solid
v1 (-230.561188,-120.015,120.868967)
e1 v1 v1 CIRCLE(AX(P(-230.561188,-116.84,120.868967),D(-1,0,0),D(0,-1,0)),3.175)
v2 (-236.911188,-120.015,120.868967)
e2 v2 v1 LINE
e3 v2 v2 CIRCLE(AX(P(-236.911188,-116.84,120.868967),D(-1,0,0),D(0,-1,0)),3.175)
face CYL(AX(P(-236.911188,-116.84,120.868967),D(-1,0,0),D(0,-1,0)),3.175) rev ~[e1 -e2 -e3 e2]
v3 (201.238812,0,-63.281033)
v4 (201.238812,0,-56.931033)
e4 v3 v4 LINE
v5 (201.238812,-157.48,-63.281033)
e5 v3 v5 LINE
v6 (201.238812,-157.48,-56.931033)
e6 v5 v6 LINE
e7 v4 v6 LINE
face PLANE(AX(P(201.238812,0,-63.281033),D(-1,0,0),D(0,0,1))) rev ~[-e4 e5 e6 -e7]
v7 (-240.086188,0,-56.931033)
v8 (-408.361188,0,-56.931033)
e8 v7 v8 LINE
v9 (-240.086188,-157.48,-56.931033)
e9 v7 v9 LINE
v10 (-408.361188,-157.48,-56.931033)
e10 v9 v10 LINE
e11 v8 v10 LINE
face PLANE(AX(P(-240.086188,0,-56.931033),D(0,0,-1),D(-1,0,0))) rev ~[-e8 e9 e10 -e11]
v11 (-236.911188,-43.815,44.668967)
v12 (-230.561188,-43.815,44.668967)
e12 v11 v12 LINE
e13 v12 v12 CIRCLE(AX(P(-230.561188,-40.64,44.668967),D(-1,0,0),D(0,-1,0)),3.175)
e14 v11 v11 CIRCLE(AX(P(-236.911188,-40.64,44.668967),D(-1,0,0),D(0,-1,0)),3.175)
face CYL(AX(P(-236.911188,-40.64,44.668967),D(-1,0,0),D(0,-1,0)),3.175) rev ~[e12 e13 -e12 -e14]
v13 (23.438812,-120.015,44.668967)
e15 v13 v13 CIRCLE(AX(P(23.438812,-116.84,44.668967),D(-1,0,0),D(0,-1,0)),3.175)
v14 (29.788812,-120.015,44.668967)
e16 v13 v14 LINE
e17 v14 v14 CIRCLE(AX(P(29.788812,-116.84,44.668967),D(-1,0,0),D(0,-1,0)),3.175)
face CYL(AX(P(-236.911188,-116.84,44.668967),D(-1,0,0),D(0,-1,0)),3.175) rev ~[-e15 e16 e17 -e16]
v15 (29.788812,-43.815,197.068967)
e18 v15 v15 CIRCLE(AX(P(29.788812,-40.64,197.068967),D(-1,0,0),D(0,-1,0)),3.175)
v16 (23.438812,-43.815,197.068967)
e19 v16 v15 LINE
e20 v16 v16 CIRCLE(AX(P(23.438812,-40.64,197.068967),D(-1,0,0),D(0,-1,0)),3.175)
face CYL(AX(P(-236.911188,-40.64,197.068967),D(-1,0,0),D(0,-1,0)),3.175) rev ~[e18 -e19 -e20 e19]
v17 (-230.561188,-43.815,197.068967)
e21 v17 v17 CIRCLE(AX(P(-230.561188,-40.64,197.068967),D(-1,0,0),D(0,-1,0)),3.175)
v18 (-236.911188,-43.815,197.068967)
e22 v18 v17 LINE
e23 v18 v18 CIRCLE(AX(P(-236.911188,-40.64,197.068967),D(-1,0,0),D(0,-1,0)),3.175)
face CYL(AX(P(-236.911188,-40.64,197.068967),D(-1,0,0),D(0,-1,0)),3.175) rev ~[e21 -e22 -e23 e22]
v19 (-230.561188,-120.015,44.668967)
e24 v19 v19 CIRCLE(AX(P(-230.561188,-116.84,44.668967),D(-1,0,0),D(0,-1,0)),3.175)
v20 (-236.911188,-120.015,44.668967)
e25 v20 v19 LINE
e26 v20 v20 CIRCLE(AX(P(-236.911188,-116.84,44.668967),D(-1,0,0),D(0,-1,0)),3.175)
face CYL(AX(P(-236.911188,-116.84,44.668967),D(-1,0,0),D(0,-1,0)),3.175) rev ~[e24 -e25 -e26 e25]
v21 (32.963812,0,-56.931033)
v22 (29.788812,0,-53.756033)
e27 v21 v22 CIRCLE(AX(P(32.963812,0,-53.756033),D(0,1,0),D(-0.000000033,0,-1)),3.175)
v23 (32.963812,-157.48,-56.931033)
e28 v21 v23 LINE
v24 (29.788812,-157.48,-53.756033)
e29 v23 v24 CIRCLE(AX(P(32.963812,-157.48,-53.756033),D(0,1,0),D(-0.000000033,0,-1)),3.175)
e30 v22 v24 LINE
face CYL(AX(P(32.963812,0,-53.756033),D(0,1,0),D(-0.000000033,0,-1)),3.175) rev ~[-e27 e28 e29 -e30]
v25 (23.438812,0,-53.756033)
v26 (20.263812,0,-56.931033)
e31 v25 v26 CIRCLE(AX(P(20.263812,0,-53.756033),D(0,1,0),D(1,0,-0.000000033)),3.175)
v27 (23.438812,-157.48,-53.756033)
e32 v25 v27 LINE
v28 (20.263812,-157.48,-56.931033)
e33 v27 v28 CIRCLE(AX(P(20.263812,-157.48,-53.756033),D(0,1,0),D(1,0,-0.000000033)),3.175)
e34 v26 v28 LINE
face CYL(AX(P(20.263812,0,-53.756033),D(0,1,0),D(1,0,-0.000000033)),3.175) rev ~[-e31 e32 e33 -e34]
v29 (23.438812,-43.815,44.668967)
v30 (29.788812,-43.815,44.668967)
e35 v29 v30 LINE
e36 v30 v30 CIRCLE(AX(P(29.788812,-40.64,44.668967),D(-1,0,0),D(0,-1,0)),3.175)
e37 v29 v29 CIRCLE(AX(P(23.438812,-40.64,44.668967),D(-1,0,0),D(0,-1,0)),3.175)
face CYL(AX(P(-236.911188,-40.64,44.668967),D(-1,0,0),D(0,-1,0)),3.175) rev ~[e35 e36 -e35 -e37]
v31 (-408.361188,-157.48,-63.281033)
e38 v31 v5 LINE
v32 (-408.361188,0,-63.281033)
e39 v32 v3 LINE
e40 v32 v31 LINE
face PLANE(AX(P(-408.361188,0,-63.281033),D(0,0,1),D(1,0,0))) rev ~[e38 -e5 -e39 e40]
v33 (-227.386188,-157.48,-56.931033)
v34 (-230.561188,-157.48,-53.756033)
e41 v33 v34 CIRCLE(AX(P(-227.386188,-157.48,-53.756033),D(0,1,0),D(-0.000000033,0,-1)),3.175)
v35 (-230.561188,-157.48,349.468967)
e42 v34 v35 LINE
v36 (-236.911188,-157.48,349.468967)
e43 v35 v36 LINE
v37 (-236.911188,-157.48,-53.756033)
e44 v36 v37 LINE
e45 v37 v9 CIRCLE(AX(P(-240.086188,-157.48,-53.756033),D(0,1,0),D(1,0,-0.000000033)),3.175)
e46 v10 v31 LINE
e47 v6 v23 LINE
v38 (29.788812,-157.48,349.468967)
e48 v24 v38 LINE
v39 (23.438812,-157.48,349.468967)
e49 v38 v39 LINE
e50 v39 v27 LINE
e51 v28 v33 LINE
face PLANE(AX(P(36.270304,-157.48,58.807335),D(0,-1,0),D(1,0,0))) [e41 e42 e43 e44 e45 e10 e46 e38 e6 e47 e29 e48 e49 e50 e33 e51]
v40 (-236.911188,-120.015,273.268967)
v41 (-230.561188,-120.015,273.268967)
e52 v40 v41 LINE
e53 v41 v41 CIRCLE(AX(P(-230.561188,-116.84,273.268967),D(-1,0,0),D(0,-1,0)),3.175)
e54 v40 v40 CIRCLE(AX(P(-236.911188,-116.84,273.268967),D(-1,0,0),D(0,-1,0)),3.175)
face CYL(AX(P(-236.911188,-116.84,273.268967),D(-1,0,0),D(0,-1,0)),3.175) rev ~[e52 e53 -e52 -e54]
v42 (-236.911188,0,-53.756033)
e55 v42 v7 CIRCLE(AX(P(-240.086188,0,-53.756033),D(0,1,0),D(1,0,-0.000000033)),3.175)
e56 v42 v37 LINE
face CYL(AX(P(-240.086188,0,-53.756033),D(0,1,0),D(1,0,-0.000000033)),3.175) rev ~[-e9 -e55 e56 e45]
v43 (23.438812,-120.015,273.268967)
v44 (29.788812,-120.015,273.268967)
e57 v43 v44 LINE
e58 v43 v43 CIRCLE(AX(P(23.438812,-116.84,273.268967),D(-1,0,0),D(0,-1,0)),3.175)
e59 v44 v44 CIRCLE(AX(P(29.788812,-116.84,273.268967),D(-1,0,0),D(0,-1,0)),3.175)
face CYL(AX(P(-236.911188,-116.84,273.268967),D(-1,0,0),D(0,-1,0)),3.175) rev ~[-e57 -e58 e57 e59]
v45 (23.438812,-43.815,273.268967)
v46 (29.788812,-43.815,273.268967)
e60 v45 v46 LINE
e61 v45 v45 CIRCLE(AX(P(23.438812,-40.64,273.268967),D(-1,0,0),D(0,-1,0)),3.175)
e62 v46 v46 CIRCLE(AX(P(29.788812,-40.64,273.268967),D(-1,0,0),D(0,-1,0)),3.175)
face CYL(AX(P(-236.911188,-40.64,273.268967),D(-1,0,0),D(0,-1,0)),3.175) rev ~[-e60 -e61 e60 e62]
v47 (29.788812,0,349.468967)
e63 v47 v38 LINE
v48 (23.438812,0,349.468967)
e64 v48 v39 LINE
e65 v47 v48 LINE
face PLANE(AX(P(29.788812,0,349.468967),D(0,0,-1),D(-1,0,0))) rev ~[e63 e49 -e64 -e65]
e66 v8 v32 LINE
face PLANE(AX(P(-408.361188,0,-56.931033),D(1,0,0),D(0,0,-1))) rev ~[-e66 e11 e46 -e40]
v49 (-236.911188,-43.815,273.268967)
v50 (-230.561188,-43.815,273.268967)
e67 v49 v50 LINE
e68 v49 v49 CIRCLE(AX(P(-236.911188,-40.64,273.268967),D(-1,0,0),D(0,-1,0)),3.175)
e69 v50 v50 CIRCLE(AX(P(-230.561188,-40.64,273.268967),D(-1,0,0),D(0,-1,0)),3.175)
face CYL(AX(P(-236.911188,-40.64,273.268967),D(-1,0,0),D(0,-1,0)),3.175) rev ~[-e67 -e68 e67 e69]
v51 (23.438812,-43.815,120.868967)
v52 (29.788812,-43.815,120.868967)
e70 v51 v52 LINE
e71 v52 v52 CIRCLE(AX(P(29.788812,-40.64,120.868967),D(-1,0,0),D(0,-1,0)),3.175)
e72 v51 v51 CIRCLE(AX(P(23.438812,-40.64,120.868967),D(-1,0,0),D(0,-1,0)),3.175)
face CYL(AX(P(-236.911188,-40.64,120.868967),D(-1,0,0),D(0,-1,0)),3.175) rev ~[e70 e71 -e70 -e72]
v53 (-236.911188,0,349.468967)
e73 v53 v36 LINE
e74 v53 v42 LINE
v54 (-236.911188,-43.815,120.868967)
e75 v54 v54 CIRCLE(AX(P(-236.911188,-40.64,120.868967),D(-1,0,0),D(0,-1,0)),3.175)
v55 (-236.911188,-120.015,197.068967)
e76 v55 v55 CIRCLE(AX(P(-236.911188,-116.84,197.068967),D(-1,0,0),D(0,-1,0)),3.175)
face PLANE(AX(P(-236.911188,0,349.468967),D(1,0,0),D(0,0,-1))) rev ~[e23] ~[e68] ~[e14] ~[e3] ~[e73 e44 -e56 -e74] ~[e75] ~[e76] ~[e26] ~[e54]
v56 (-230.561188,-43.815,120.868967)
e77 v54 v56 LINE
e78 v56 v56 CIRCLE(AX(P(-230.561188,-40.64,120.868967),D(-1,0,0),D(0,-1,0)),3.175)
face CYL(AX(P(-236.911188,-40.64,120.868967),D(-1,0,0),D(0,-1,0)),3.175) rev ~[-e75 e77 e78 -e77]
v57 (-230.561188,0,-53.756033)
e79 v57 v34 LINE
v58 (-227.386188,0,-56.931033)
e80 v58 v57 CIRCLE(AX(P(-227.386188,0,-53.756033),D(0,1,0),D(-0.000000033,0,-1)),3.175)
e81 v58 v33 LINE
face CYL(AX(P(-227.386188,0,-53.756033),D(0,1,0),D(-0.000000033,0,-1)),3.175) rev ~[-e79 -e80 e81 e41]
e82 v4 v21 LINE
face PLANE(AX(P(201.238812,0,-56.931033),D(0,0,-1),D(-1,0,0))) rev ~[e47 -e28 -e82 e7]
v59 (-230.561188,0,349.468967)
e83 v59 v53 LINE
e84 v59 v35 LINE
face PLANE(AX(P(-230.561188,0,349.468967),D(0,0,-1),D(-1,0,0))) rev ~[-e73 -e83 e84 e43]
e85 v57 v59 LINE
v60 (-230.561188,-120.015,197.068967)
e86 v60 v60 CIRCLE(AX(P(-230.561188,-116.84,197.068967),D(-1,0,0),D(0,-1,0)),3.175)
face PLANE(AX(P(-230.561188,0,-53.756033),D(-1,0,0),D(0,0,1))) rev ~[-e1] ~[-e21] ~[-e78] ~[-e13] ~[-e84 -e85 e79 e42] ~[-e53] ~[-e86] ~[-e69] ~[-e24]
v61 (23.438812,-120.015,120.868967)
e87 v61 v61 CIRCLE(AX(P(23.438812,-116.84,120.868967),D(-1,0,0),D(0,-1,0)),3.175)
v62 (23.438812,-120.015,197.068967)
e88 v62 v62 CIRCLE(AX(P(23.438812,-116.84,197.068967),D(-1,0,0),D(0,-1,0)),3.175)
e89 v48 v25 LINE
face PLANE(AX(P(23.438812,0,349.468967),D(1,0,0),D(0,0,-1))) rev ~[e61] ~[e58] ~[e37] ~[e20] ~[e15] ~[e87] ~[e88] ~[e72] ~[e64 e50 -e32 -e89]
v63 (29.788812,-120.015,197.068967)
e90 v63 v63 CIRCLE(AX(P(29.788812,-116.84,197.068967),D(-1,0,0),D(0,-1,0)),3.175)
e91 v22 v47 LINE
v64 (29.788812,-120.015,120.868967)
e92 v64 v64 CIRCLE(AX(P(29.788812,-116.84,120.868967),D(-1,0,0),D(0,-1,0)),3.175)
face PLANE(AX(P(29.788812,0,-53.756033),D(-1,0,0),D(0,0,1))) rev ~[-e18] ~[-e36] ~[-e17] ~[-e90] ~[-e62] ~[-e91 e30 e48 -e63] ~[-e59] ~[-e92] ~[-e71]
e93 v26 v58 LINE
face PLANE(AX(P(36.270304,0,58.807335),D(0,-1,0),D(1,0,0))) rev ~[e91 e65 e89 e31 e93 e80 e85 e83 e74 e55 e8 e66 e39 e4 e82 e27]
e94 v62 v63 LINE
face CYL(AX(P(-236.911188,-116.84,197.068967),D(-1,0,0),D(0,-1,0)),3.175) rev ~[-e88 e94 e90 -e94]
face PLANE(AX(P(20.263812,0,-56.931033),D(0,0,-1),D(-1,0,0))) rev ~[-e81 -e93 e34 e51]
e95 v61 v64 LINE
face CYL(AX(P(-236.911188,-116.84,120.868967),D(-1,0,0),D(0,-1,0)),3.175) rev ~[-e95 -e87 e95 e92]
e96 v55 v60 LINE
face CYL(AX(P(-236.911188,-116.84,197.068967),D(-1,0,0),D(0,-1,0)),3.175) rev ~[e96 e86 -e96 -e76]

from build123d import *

# Parameters (mm, degrees)
F1_DEPTH = 157.48
F2_R     = 3.175
F3_DEPTH = 438.151


with BuildPart() as f1:
    # F0 (on Front) → F1 (new body)
    with BuildSketch(Plane.XZ):
        with BuildLine():
            Line((-103.561188, -56.931033), (-103.561188, -63.281033))
            Line((-103.561188, -63.281033), (201.238812, -63.281033))
            Line((201.238812, -63.281033), (201.238812, -56.931033))
            Line((201.238812, -56.931033), (32.963812, -56.931033))
            ThreePointArc((32.963812, -56.931033), (30.718748, -56.001097), (29.788812, -53.756033))
            Line((29.788812, -53.756033), (29.788812, 349.468967))
            Line((29.788812, 349.468967), (23.438812, 349.468967))
            Line((23.438812, 349.468967), (23.438812, -53.756033))
            ThreePointArc((23.438812, -53.756033), (22.508876, -56.001097), (20.263812, -56.931033))
            Line((20.263812, -56.931033), (-103.561188, -56.931033))
        make_face()
        with BuildLine():
            Line((-408.361188, -63.281033), (-103.561188, -63.281033))
            Line((-103.561188, -63.281033), (-103.561188, -56.931033))
            Line((-103.561188, -56.931033), (-227.386188, -56.931033))
            ThreePointArc((-227.386188, -56.931033), (-229.631252, -56.001097), (-230.561188, -53.756033))
            Line((-230.561188, -53.756033), (-230.561188, 349.468967))
            Line((-230.561188, 349.468967), (-236.911188, 349.468967))
            Line((-236.911188, 349.468967), (-236.911188, -53.756033))
            ThreePointArc((-236.911188, -53.756033), (-237.841124, -56.001097), (-240.086188, -56.931033))
            Line((-240.086188, -56.931033), (-408.361188, -56.931033))
            Line((-408.361188, -56.931033), (-408.361188, -63.281033))
        make_face()
    extrude(amount=F1_DEPTH)

    # F2 (on face) → F3 (cut, through all)
    with BuildSketch(Plane(origin=(-236.911188, 0, 0), x_dir=(0, -1, 0), z_dir=(-1, 0, 0))):
        with Locations((40.64, 273.268967)):
            Circle(F2_R)
        with Locations((40.64, 197.068967)):
            Circle(F2_R)
        with Locations((40.64, 120.868967)):
            Circle(F2_R)
        with Locations((40.64, 44.668967)):
            Circle(F2_R)
        with Locations((116.84, 44.668967)):
            Circle(F2_R)
        with Locations((116.84, 120.868967)):
            Circle(F2_R)
        with Locations((116.84, 197.068967)):
            Circle(F2_R)
        with Locations((116.84, 273.268967)):
            Circle(F2_R)
    extrude(amount=-F3_DEPTH, mode=Mode.SUBTRACT)


solid = f1.part
